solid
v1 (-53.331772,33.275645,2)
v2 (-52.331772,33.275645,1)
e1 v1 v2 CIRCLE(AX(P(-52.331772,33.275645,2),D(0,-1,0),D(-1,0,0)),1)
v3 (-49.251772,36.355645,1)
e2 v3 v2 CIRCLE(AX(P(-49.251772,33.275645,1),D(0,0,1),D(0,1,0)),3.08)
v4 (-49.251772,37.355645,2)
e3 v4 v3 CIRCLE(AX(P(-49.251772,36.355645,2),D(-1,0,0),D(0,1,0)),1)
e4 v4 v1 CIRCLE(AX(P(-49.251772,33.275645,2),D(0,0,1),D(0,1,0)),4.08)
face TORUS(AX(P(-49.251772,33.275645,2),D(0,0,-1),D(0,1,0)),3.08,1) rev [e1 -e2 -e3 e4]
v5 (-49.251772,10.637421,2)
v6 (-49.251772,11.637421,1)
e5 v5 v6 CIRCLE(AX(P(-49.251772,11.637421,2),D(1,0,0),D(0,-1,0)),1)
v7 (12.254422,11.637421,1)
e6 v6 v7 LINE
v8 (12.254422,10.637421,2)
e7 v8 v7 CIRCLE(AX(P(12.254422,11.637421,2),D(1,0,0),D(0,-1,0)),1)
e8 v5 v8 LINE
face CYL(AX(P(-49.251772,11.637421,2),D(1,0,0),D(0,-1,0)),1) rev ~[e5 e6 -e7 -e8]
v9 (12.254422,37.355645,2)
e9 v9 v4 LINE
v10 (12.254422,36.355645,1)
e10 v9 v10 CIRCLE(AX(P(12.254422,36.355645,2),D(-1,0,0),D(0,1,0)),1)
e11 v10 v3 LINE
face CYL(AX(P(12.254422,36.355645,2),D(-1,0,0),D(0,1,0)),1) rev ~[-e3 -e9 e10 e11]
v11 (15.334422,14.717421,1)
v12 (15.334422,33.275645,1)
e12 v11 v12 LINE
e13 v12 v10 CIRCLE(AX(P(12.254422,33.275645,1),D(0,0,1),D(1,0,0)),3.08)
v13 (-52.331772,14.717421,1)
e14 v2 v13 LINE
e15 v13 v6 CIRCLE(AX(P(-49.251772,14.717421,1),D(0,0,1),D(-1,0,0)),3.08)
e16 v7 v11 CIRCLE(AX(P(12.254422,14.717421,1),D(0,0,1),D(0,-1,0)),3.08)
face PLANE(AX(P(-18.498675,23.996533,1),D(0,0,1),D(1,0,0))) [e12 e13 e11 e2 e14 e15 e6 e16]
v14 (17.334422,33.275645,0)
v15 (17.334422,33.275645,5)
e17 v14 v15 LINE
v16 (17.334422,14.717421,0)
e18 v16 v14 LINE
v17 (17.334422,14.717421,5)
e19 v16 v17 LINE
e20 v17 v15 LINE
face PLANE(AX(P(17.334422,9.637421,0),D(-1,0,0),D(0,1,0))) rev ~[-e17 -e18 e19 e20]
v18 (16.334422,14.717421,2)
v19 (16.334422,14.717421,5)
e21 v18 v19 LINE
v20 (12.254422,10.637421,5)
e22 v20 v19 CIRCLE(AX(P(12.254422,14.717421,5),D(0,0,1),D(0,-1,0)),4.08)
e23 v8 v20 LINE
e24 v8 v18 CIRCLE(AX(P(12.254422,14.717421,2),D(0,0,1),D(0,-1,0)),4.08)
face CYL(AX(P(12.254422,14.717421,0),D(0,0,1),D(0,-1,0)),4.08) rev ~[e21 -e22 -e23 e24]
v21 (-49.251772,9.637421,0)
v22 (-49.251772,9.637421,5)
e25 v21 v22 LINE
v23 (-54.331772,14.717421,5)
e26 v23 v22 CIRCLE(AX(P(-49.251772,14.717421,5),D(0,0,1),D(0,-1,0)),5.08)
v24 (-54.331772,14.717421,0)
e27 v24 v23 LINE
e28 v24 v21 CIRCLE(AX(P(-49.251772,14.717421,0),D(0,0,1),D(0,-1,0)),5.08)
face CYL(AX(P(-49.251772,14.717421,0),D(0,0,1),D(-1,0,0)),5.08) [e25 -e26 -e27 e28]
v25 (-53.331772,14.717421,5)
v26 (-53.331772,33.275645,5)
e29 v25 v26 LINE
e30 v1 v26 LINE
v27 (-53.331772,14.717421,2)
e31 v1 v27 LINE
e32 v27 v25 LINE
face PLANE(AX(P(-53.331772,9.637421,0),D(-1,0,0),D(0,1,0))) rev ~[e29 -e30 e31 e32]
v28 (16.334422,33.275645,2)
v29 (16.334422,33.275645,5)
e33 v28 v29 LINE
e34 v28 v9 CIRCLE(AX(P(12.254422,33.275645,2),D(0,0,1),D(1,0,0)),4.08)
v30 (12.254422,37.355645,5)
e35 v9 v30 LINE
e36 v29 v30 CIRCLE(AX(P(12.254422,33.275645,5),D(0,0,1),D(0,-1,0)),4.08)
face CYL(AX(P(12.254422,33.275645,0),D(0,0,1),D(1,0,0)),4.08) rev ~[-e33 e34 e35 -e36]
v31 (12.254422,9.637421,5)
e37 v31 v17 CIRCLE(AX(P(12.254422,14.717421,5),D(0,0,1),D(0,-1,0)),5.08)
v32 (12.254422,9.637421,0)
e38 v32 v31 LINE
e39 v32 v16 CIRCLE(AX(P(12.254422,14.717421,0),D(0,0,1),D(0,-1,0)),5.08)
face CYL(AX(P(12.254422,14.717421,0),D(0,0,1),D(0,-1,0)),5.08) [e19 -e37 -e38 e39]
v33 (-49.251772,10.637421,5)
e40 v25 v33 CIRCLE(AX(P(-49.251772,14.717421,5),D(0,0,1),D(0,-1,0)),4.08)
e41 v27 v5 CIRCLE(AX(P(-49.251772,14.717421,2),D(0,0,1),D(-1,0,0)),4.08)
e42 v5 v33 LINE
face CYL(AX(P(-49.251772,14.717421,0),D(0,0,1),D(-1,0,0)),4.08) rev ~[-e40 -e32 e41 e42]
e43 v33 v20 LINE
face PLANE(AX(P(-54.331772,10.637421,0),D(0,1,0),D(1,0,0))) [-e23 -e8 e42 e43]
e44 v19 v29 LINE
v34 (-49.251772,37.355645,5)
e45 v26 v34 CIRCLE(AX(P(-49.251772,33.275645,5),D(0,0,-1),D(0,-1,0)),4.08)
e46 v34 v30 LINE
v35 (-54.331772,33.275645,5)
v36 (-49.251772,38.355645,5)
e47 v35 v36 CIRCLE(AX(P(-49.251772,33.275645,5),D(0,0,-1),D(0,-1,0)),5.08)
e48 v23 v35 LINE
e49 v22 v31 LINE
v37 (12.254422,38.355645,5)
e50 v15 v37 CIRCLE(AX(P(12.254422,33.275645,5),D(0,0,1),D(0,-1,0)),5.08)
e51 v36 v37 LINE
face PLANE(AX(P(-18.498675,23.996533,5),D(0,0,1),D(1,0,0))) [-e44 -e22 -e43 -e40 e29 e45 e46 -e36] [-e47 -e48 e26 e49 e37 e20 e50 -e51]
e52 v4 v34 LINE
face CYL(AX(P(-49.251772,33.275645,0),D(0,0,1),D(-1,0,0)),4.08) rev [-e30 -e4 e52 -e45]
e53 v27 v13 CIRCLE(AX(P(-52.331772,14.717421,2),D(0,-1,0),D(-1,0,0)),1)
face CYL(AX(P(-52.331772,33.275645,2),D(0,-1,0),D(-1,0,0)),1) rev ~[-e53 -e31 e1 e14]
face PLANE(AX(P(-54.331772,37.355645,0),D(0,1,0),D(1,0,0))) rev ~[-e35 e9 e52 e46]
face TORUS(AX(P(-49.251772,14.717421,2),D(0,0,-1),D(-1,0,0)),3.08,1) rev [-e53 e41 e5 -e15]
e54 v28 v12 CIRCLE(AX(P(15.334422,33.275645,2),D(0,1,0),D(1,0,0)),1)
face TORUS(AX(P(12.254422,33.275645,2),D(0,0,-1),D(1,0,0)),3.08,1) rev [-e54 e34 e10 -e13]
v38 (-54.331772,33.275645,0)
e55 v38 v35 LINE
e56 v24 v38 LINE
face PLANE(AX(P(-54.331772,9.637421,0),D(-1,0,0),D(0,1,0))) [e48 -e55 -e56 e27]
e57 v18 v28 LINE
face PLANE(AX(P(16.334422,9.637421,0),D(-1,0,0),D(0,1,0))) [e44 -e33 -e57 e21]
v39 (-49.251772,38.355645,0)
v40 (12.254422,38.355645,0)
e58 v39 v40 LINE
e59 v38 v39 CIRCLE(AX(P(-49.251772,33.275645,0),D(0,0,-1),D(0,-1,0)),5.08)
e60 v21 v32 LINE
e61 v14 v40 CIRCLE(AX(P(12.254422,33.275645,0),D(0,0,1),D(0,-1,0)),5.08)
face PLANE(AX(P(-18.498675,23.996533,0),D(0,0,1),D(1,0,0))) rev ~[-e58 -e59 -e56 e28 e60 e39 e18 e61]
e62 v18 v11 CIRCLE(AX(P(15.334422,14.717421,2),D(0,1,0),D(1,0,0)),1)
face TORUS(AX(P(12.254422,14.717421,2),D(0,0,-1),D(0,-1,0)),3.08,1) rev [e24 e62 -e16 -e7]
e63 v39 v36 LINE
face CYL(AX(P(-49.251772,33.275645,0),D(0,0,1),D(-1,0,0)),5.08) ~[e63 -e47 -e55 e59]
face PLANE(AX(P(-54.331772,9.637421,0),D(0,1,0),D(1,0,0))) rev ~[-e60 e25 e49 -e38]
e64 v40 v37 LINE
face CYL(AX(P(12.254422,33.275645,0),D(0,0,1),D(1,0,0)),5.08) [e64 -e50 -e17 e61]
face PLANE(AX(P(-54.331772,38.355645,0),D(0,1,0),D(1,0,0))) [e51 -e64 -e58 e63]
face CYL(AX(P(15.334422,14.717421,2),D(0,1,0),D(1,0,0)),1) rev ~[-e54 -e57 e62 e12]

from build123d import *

# Parameters (mm, degrees)
F0_W     = 71.666194126
F0_H     = 28.7182237953
F1_DEPTH = 5
F2_R     = 5.08
F3_R     = 5.08
F4_R     = 5.08
F5_R     = 5.08
F6_T     = -1
F7_R     = 1


with BuildPart() as f1:
    # F0 (on Top) → F1 (new body)
    with BuildSketch(Plane.XY):
        with Locations((-18.4986749664, 23.9965328947)):
            Rectangle(F0_W, F0_H)
    extrude(amount=F1_DEPTH)

    # F2
    f2_edges = [f1.edges().sort_by_distance(p)[0] for p in [
        (-54.331772, 38.355645, 2.5),
    ]]
    fillet(f2_edges, radius=F2_R)

    # F3
    f3_edges = [f1.edges().sort_by_distance(p)[0] for p in [
        (-54.331772, 9.637421, 2.5),
    ]]
    fillet(f3_edges, radius=F3_R)

    # F4
    f4_edges = [f1.edges().sort_by_distance(p)[0] for p in [
        (17.334422, 9.637421, 2.5),
    ]]
    fillet(f4_edges, radius=F4_R)

    # F5
    f5_edges = [f1.edges().sort_by_distance(p)[0] for p in [
        (17.334422, 38.355645, 2.5),
    ]]
    fillet(f5_edges, radius=F5_R)

    # F6
    f6_openings = [f1.faces().sort_by_distance(p)[0] for p in [
        (-18.498675, 23.996533, 5),
    ]]
    offset(amount=F6_T, openings=f6_openings)

    # F7
    f7_edges = [f1.edges().sort_by_distance(p)[0] for p in [
        (-52.136768, 11.832425, 1),
        (-18.498675, 10.637421, 1),
        (15.139418, 11.832425, 1),
        (16.334422, 23.996533, 1),
        (15.139418, 36.16064, 1),
        (-18.498675, 37.355645, 1),
        (-52.136768, 36.16064, 1),
        (-53.331772, 23.996533, 1),
    ]]
    fillet(f7_edges, radius=F7_R)


solid = f1.part
